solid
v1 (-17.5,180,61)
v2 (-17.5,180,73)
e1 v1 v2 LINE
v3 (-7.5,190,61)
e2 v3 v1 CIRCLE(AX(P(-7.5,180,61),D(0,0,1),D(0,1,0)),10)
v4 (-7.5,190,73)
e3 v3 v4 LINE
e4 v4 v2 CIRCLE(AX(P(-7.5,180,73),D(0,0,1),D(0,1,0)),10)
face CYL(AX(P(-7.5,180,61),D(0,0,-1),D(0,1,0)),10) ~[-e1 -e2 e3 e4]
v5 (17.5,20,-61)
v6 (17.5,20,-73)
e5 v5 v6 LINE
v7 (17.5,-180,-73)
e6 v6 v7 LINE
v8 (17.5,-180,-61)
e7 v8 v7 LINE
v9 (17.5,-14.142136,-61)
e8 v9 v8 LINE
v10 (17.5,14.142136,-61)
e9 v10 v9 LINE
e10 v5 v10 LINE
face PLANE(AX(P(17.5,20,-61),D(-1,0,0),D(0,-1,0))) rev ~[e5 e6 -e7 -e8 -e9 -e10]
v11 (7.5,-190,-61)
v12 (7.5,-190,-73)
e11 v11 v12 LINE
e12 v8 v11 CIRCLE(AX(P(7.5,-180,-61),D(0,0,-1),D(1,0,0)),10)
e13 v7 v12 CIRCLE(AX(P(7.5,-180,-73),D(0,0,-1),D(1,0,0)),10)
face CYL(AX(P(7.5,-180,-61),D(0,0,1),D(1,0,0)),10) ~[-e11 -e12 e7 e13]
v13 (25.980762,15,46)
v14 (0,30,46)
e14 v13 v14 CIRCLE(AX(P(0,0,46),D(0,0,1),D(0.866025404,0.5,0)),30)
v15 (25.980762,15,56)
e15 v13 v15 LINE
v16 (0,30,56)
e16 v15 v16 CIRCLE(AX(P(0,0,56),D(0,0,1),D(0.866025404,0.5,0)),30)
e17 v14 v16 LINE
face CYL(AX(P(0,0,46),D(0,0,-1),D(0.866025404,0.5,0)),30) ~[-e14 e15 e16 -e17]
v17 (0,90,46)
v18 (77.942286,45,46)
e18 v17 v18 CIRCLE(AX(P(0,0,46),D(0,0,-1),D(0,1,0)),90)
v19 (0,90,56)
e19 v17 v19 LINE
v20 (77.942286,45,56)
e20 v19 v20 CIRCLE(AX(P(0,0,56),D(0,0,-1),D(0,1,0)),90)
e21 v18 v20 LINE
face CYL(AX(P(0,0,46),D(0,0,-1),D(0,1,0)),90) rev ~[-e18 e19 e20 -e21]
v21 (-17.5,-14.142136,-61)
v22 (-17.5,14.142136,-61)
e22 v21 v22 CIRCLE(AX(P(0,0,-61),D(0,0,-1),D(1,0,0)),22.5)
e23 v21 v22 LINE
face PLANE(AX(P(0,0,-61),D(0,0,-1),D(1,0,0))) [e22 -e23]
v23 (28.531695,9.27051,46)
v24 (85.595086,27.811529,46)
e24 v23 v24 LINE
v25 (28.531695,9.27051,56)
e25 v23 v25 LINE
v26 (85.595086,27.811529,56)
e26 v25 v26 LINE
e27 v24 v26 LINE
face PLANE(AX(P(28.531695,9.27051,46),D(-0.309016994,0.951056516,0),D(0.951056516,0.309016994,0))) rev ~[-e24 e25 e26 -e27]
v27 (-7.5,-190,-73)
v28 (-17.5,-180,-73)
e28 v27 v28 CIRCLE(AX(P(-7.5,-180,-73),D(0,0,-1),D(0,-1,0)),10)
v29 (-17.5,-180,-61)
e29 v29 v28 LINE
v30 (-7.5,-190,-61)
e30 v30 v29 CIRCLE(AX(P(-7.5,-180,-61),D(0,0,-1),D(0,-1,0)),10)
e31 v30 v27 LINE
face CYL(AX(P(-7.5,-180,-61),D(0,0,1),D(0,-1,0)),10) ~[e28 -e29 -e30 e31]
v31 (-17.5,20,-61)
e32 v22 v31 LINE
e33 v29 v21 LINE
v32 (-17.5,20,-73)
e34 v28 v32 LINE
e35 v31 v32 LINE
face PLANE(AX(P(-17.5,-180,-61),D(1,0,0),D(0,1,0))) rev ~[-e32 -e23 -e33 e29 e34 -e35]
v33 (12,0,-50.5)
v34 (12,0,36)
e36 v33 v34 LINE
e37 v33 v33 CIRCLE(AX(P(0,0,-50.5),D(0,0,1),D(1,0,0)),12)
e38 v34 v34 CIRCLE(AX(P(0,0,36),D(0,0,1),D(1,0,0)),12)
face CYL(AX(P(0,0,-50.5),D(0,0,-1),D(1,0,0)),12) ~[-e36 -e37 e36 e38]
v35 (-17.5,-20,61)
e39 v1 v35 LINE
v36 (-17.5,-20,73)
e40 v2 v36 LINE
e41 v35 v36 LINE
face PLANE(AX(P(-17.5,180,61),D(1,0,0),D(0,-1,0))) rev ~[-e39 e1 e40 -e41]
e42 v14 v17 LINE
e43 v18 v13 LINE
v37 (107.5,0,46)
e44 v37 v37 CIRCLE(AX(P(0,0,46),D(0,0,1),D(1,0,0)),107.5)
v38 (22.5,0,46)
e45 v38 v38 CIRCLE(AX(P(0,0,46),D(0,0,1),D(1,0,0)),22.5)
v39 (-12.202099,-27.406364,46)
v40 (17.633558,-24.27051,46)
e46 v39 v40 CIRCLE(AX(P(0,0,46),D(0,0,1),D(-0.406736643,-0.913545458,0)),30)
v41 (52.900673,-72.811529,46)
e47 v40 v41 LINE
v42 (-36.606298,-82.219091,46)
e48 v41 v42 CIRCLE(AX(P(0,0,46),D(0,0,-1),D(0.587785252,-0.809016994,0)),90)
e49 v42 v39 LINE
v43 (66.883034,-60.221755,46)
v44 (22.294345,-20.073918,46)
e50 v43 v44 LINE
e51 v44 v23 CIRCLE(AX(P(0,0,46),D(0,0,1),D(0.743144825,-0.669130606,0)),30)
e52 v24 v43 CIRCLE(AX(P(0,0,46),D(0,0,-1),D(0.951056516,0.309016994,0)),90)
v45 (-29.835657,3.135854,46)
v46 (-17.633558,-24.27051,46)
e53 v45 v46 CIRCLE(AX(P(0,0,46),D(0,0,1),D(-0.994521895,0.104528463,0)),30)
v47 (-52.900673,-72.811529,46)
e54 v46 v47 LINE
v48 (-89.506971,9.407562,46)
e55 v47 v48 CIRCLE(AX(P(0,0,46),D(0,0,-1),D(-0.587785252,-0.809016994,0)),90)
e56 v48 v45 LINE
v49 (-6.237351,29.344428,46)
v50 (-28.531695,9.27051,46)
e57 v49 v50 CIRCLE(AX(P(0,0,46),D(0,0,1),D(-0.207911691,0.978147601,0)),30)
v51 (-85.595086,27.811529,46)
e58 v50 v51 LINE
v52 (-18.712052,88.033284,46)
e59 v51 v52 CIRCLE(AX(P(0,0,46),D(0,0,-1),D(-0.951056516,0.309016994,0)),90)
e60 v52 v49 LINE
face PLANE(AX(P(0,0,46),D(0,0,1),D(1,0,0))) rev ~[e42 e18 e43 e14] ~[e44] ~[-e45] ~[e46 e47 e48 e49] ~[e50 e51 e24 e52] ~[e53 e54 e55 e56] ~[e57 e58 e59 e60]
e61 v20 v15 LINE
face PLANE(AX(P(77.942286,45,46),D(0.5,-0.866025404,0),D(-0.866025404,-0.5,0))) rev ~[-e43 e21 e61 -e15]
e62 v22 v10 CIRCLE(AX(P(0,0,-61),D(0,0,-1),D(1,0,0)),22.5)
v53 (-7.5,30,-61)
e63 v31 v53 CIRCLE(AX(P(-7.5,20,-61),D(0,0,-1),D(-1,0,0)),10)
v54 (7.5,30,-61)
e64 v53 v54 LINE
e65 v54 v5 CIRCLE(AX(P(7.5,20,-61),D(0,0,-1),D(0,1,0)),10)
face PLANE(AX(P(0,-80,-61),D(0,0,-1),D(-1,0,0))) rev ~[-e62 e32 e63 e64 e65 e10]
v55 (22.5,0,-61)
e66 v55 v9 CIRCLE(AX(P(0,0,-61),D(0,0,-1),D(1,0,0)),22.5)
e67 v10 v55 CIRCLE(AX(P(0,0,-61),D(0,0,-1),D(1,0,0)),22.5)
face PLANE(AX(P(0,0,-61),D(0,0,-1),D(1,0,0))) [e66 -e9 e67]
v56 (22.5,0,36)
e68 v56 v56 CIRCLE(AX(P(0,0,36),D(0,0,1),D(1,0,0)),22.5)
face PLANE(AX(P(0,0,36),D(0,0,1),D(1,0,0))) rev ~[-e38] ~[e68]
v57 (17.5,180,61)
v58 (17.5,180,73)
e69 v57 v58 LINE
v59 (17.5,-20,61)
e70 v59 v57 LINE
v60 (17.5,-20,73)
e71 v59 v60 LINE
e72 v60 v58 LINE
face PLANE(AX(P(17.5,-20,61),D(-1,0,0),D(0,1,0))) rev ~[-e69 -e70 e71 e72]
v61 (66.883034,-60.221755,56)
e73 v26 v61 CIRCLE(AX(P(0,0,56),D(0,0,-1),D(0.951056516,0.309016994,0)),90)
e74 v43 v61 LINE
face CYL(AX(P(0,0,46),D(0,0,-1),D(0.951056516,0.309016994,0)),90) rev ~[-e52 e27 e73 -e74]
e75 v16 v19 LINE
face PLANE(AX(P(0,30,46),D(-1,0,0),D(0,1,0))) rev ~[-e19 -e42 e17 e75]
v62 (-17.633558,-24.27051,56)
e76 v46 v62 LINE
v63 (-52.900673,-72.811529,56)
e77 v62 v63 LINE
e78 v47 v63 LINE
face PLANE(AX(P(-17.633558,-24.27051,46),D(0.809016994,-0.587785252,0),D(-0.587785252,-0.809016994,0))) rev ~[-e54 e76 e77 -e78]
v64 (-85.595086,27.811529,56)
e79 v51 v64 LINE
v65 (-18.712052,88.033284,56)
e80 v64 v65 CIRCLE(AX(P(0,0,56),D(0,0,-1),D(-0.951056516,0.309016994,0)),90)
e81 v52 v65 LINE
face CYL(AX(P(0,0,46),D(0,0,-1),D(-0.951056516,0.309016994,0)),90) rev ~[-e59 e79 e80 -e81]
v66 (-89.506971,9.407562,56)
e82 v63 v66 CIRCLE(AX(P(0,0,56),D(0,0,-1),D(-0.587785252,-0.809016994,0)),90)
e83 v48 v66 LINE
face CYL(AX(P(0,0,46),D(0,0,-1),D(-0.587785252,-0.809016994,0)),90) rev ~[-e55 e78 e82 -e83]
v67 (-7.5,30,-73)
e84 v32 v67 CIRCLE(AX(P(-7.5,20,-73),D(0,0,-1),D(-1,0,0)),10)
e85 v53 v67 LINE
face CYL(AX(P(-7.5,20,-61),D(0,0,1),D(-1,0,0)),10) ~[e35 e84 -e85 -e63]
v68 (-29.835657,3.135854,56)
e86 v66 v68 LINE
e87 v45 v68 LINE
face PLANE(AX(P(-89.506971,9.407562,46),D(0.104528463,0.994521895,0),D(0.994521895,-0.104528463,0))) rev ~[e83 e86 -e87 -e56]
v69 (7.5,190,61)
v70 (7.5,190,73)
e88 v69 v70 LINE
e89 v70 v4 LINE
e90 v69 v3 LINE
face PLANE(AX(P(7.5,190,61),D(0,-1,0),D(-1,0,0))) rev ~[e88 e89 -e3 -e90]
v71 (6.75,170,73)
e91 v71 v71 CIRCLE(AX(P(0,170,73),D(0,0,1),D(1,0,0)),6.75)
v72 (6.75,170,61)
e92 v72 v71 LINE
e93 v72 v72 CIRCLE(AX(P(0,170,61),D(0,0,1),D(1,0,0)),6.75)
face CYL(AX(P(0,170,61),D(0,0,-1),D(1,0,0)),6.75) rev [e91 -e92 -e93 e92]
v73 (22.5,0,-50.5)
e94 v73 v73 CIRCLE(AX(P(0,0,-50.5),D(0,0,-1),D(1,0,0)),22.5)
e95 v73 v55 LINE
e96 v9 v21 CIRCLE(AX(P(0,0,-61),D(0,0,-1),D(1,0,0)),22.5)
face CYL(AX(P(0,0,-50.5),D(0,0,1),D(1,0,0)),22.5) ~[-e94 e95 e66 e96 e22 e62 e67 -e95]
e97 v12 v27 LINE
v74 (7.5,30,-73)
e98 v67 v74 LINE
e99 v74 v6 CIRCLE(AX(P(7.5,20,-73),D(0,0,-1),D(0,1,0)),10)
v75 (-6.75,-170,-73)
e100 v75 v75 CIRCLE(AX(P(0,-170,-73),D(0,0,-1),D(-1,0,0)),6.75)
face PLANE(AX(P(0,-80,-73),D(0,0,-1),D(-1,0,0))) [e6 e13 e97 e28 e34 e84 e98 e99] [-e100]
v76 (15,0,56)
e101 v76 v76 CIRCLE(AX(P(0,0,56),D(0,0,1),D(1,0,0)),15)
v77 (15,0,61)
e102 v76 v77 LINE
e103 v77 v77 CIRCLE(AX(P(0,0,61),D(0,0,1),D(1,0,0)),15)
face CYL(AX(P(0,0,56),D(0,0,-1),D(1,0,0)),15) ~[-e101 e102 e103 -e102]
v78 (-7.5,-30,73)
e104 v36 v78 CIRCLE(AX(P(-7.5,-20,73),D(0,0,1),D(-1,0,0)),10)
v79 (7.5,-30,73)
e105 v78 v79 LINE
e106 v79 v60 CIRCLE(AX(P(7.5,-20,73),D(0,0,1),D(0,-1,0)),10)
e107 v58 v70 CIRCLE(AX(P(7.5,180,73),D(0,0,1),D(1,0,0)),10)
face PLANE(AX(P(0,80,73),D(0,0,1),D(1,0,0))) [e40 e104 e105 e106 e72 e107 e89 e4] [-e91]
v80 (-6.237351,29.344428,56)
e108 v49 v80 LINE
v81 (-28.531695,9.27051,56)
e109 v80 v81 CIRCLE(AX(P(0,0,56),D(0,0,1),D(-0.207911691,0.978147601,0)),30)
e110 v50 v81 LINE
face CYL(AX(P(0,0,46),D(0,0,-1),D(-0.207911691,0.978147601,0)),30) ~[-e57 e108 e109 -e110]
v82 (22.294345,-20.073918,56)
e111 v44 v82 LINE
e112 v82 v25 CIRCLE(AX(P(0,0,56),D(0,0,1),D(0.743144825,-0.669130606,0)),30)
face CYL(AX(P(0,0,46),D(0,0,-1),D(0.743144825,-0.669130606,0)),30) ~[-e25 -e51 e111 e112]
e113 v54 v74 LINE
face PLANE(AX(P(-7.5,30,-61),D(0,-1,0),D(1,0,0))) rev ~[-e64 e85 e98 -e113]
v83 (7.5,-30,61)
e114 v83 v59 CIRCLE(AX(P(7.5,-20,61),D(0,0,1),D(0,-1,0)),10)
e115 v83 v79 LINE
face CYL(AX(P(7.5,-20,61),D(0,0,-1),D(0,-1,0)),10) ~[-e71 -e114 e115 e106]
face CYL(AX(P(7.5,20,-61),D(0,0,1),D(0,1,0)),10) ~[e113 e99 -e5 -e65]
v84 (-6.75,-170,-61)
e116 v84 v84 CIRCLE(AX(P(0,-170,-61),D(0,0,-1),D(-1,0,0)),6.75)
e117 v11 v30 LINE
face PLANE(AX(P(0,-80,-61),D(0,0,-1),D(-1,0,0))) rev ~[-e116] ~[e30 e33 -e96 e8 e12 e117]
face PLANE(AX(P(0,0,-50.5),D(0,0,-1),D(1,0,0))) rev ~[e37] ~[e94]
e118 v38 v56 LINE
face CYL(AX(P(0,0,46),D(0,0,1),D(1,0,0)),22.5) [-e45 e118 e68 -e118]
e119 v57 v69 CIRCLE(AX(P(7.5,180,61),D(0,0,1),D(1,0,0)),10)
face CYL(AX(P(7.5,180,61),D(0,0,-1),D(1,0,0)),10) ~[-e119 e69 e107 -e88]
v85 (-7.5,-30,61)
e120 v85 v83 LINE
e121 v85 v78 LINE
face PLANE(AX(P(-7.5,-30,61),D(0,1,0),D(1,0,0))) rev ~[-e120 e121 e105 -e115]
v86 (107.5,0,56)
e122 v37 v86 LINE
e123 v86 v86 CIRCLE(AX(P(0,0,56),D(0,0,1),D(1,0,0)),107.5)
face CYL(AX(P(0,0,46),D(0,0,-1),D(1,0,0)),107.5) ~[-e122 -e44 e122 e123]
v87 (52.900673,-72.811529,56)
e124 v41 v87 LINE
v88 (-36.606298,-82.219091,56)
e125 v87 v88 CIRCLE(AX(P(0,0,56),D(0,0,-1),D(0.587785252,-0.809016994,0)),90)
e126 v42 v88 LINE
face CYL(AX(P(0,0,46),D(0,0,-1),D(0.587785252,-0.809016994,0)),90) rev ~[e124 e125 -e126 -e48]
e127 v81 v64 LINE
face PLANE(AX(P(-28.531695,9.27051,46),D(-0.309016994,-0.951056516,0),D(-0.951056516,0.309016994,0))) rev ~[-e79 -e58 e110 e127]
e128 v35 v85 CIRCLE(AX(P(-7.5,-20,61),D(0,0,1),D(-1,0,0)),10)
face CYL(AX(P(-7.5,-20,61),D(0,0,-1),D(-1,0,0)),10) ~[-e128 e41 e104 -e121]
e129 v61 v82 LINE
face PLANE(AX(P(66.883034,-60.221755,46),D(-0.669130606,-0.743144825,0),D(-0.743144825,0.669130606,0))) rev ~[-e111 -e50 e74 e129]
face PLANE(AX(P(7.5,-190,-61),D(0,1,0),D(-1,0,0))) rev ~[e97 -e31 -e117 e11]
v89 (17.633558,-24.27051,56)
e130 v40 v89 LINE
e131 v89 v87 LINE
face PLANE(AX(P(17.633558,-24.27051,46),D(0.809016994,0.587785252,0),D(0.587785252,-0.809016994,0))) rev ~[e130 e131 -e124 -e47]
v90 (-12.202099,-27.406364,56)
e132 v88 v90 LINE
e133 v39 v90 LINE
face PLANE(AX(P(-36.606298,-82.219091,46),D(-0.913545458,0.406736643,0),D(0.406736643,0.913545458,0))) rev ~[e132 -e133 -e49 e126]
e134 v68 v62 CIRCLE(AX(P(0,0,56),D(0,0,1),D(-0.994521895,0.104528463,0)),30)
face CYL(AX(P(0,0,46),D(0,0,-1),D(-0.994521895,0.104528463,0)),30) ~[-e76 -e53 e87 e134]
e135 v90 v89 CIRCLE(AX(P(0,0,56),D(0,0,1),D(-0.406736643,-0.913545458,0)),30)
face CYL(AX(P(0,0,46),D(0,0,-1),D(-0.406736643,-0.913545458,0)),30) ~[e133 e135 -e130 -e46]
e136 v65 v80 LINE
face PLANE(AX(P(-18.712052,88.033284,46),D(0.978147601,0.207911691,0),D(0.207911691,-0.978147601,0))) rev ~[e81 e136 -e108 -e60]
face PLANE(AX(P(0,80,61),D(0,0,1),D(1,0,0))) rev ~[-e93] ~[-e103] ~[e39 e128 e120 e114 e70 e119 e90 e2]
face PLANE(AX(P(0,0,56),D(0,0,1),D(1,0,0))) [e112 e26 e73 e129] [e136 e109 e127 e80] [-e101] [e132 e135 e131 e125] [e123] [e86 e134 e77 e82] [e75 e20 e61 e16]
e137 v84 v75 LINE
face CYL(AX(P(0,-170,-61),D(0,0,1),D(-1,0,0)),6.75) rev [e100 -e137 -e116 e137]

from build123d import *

# Parameters (mm, degrees)
BOSS_EXTRUDE1_DEPTH      = 36
BOSS_EXTRUDE1_DEPTH_BACK = 50.5
SKETCH1_R                = 12
SKETCH6_R                = 22.5
BOSS_EXTRUDE6_DEPTH      = 10.5
BOSS_EXTRUDE7_START      = 10
SKETCH7_R                = 22.5
BOSS_EXTRUDE7_DEPTH      = 10
SKETCH2_R                = 6.75
BOSS_EXTRUDE2_DEPTH      = 12
SKETCH3_R                = 107.5
BOSS_EXTRUDE3_DEPTH      = 10
SKETCH5_R                = 15
BOSS_EXTRUDE5_DEPTH      = 5
SKETCH4_R                = 6.75
BOSS_EXTRUDE4_DEPTH      = 12


with BuildPart() as part:
    # Sketch1 → Boss-Extrude1 (new, two sides: drawn at the far end of the back side and taken through both)
    with BuildSketch(Plane.XY.offset(-BOSS_EXTRUDE1_DEPTH_BACK)):
        Circle(SKETCH1_R)
    extrude(amount=BOSS_EXTRUDE1_DEPTH + BOSS_EXTRUDE1_DEPTH_BACK)

    # Sketch6 → Boss-Extrude6 (add)
    with BuildSketch(Plane(origin=(0, 0, -50.5), x_dir=(-1, 0, 0), z_dir=(0, 0, -1))):
        with Locations(Location((0, 0, 0), (0, 0, 180))):
            Circle(SKETCH6_R)
    extrude(amount=BOSS_EXTRUDE6_DEPTH)

    # Sketch7 → Boss-Extrude7 (add)
    with BuildSketch(Plane.XY.offset(36).offset(BOSS_EXTRUDE7_START)):
        Circle(SKETCH7_R)
    extrude(amount=-BOSS_EXTRUDE7_DEPTH)

    # Sketch2 → Boss-Extrude2 (add)
    with BuildSketch(Plane(origin=(0, 0, -61), x_dir=(-1, 0, 0), z_dir=(0, 0, -1))):
        with BuildLine():
            Line((-7.5, -190), (7.5, -190))
            ThreePointArc((7.5, -190), (14.571067812, -187.071067812), (17.5, -180))
            Line((17.5, -180), (17.5, 20))
            ThreePointArc((17.5, 20), (14.571067812, 27.071067812), (7.5, 30))
            Line((7.5, 30), (-7.5, 30))
            ThreePointArc((-7.5, 30), (-14.571067812, 27.071067812), (-17.5, 20))
            Line((-17.5, 20), (-17.5, -180))
            ThreePointArc((-17.5, -180), (-14.571067812, -187.071067812), (-7.5, -190))
        make_face()
        with Locations((0, -170)):
            Circle(SKETCH2_R, mode=Mode.SUBTRACT)
    extrude(amount=BOSS_EXTRUDE2_DEPTH)

    # Sketch3 → Boss-Extrude3 (add)
    with BuildSketch(Plane.XY.offset(46)):
        Circle(SKETCH3_R)
        with BuildLine():
            Line((0, 30), (0, 90))
            ThreePointArc((0, 90), (45, 77.942286341), (77.942286341, 45))
            Line((77.942286341, 45), (25.980762114, 15))
            ThreePointArc((25.980762114, 15), (15, 25.980762114), (0, 30))
        make_face(mode=Mode.SUBTRACT)
        with BuildLine():
            Line((28.531695489, 9.270509831), (85.595086467, 27.811529494))
            ThreePointArc((85.595086467, 27.811529494), (88.033284066, -18.712052174), (66.883034293, -60.221754572))
            Line((66.883034293, -60.221754572), (22.294344764, -20.073918191))
            ThreePointArc((22.294344764, -20.073918191), (29.344428022, -6.237350725), (28.531695489, 9.270509831))
        make_face(mode=Mode.SUBTRACT)
        with BuildLine():
            Line((17.633557569, -24.270509831), (52.900672706, -72.811529494))
            ThreePointArc((52.900672706, -72.811529494), (9.407561694, -89.506970583), (-36.606297877, -82.219091188))
            Line((-36.606297877, -82.219091188), (-12.202099292, -27.406363729))
            ThreePointArc((-12.202099292, -27.406363729), (3.135853898, -29.835656861), (17.633557569, -24.270509831))
        make_face(mode=Mode.SUBTRACT)
        with BuildLine():
            Line((-17.633557569, -24.270509831), (-52.900672706, -72.811529494))
            ThreePointArc((-52.900672706, -72.811529494), (-82.219091188, -36.606297877), (-89.506970583, 9.407561694))
            Line((-89.506970583, 9.407561694), (-29.835656861, 3.135853898))
            ThreePointArc((-29.835656861, 3.135853898), (-27.406363729, -12.202099292), (-17.633557569, -24.270509831))
        make_face(mode=Mode.SUBTRACT)
        with BuildLine():
            Line((-28.531695489, 9.270509831), (-85.595086467, 27.811529494))
            ThreePointArc((-85.595086467, 27.811529494), (-60.221754572, 66.883034293), (-18.712052174, 88.033284066))
            Line((-18.712052174, 88.033284066), (-6.237350725, 29.344428022))
            ThreePointArc((-6.237350725, 29.344428022), (-20.073918191, 22.294344764), (-28.531695489, 9.270509831))
        make_face(mode=Mode.SUBTRACT)
    extrude(amount=BOSS_EXTRUDE3_DEPTH)

    # Sketch5 → Boss-Extrude5 (add)
    with BuildSketch(Plane.XY.offset(56)):
        Circle(SKETCH5_R)
    extrude(amount=BOSS_EXTRUDE5_DEPTH)

    # Sketch4 → Boss-Extrude4 (add)
    with BuildSketch(Plane.XY.offset(61)):
        with BuildLine():
            Line((-7.5, -30), (7.5, -30))
            ThreePointArc((7.5, -30), (14.571067812, -27.071067812), (17.5, -20))
            Line((17.5, -20), (17.5, 180))
            ThreePointArc((17.5, 180), (14.571067812, 187.071067812), (7.5, 190))
            Line((7.5, 190), (-7.5, 190))
            ThreePointArc((-7.5, 190), (-14.571067812, 187.071067812), (-17.5, 180))
            Line((-17.5, 180), (-17.5, -20))
            ThreePointArc((-17.5, -20), (-14.571067812, -27.071067812), (-7.5, -30))
        make_face()
        with Locations((0, 170)):
            Circle(SKETCH4_R, mode=Mode.SUBTRACT)
    extrude(amount=BOSS_EXTRUDE4_DEPTH)


solid = part.part
